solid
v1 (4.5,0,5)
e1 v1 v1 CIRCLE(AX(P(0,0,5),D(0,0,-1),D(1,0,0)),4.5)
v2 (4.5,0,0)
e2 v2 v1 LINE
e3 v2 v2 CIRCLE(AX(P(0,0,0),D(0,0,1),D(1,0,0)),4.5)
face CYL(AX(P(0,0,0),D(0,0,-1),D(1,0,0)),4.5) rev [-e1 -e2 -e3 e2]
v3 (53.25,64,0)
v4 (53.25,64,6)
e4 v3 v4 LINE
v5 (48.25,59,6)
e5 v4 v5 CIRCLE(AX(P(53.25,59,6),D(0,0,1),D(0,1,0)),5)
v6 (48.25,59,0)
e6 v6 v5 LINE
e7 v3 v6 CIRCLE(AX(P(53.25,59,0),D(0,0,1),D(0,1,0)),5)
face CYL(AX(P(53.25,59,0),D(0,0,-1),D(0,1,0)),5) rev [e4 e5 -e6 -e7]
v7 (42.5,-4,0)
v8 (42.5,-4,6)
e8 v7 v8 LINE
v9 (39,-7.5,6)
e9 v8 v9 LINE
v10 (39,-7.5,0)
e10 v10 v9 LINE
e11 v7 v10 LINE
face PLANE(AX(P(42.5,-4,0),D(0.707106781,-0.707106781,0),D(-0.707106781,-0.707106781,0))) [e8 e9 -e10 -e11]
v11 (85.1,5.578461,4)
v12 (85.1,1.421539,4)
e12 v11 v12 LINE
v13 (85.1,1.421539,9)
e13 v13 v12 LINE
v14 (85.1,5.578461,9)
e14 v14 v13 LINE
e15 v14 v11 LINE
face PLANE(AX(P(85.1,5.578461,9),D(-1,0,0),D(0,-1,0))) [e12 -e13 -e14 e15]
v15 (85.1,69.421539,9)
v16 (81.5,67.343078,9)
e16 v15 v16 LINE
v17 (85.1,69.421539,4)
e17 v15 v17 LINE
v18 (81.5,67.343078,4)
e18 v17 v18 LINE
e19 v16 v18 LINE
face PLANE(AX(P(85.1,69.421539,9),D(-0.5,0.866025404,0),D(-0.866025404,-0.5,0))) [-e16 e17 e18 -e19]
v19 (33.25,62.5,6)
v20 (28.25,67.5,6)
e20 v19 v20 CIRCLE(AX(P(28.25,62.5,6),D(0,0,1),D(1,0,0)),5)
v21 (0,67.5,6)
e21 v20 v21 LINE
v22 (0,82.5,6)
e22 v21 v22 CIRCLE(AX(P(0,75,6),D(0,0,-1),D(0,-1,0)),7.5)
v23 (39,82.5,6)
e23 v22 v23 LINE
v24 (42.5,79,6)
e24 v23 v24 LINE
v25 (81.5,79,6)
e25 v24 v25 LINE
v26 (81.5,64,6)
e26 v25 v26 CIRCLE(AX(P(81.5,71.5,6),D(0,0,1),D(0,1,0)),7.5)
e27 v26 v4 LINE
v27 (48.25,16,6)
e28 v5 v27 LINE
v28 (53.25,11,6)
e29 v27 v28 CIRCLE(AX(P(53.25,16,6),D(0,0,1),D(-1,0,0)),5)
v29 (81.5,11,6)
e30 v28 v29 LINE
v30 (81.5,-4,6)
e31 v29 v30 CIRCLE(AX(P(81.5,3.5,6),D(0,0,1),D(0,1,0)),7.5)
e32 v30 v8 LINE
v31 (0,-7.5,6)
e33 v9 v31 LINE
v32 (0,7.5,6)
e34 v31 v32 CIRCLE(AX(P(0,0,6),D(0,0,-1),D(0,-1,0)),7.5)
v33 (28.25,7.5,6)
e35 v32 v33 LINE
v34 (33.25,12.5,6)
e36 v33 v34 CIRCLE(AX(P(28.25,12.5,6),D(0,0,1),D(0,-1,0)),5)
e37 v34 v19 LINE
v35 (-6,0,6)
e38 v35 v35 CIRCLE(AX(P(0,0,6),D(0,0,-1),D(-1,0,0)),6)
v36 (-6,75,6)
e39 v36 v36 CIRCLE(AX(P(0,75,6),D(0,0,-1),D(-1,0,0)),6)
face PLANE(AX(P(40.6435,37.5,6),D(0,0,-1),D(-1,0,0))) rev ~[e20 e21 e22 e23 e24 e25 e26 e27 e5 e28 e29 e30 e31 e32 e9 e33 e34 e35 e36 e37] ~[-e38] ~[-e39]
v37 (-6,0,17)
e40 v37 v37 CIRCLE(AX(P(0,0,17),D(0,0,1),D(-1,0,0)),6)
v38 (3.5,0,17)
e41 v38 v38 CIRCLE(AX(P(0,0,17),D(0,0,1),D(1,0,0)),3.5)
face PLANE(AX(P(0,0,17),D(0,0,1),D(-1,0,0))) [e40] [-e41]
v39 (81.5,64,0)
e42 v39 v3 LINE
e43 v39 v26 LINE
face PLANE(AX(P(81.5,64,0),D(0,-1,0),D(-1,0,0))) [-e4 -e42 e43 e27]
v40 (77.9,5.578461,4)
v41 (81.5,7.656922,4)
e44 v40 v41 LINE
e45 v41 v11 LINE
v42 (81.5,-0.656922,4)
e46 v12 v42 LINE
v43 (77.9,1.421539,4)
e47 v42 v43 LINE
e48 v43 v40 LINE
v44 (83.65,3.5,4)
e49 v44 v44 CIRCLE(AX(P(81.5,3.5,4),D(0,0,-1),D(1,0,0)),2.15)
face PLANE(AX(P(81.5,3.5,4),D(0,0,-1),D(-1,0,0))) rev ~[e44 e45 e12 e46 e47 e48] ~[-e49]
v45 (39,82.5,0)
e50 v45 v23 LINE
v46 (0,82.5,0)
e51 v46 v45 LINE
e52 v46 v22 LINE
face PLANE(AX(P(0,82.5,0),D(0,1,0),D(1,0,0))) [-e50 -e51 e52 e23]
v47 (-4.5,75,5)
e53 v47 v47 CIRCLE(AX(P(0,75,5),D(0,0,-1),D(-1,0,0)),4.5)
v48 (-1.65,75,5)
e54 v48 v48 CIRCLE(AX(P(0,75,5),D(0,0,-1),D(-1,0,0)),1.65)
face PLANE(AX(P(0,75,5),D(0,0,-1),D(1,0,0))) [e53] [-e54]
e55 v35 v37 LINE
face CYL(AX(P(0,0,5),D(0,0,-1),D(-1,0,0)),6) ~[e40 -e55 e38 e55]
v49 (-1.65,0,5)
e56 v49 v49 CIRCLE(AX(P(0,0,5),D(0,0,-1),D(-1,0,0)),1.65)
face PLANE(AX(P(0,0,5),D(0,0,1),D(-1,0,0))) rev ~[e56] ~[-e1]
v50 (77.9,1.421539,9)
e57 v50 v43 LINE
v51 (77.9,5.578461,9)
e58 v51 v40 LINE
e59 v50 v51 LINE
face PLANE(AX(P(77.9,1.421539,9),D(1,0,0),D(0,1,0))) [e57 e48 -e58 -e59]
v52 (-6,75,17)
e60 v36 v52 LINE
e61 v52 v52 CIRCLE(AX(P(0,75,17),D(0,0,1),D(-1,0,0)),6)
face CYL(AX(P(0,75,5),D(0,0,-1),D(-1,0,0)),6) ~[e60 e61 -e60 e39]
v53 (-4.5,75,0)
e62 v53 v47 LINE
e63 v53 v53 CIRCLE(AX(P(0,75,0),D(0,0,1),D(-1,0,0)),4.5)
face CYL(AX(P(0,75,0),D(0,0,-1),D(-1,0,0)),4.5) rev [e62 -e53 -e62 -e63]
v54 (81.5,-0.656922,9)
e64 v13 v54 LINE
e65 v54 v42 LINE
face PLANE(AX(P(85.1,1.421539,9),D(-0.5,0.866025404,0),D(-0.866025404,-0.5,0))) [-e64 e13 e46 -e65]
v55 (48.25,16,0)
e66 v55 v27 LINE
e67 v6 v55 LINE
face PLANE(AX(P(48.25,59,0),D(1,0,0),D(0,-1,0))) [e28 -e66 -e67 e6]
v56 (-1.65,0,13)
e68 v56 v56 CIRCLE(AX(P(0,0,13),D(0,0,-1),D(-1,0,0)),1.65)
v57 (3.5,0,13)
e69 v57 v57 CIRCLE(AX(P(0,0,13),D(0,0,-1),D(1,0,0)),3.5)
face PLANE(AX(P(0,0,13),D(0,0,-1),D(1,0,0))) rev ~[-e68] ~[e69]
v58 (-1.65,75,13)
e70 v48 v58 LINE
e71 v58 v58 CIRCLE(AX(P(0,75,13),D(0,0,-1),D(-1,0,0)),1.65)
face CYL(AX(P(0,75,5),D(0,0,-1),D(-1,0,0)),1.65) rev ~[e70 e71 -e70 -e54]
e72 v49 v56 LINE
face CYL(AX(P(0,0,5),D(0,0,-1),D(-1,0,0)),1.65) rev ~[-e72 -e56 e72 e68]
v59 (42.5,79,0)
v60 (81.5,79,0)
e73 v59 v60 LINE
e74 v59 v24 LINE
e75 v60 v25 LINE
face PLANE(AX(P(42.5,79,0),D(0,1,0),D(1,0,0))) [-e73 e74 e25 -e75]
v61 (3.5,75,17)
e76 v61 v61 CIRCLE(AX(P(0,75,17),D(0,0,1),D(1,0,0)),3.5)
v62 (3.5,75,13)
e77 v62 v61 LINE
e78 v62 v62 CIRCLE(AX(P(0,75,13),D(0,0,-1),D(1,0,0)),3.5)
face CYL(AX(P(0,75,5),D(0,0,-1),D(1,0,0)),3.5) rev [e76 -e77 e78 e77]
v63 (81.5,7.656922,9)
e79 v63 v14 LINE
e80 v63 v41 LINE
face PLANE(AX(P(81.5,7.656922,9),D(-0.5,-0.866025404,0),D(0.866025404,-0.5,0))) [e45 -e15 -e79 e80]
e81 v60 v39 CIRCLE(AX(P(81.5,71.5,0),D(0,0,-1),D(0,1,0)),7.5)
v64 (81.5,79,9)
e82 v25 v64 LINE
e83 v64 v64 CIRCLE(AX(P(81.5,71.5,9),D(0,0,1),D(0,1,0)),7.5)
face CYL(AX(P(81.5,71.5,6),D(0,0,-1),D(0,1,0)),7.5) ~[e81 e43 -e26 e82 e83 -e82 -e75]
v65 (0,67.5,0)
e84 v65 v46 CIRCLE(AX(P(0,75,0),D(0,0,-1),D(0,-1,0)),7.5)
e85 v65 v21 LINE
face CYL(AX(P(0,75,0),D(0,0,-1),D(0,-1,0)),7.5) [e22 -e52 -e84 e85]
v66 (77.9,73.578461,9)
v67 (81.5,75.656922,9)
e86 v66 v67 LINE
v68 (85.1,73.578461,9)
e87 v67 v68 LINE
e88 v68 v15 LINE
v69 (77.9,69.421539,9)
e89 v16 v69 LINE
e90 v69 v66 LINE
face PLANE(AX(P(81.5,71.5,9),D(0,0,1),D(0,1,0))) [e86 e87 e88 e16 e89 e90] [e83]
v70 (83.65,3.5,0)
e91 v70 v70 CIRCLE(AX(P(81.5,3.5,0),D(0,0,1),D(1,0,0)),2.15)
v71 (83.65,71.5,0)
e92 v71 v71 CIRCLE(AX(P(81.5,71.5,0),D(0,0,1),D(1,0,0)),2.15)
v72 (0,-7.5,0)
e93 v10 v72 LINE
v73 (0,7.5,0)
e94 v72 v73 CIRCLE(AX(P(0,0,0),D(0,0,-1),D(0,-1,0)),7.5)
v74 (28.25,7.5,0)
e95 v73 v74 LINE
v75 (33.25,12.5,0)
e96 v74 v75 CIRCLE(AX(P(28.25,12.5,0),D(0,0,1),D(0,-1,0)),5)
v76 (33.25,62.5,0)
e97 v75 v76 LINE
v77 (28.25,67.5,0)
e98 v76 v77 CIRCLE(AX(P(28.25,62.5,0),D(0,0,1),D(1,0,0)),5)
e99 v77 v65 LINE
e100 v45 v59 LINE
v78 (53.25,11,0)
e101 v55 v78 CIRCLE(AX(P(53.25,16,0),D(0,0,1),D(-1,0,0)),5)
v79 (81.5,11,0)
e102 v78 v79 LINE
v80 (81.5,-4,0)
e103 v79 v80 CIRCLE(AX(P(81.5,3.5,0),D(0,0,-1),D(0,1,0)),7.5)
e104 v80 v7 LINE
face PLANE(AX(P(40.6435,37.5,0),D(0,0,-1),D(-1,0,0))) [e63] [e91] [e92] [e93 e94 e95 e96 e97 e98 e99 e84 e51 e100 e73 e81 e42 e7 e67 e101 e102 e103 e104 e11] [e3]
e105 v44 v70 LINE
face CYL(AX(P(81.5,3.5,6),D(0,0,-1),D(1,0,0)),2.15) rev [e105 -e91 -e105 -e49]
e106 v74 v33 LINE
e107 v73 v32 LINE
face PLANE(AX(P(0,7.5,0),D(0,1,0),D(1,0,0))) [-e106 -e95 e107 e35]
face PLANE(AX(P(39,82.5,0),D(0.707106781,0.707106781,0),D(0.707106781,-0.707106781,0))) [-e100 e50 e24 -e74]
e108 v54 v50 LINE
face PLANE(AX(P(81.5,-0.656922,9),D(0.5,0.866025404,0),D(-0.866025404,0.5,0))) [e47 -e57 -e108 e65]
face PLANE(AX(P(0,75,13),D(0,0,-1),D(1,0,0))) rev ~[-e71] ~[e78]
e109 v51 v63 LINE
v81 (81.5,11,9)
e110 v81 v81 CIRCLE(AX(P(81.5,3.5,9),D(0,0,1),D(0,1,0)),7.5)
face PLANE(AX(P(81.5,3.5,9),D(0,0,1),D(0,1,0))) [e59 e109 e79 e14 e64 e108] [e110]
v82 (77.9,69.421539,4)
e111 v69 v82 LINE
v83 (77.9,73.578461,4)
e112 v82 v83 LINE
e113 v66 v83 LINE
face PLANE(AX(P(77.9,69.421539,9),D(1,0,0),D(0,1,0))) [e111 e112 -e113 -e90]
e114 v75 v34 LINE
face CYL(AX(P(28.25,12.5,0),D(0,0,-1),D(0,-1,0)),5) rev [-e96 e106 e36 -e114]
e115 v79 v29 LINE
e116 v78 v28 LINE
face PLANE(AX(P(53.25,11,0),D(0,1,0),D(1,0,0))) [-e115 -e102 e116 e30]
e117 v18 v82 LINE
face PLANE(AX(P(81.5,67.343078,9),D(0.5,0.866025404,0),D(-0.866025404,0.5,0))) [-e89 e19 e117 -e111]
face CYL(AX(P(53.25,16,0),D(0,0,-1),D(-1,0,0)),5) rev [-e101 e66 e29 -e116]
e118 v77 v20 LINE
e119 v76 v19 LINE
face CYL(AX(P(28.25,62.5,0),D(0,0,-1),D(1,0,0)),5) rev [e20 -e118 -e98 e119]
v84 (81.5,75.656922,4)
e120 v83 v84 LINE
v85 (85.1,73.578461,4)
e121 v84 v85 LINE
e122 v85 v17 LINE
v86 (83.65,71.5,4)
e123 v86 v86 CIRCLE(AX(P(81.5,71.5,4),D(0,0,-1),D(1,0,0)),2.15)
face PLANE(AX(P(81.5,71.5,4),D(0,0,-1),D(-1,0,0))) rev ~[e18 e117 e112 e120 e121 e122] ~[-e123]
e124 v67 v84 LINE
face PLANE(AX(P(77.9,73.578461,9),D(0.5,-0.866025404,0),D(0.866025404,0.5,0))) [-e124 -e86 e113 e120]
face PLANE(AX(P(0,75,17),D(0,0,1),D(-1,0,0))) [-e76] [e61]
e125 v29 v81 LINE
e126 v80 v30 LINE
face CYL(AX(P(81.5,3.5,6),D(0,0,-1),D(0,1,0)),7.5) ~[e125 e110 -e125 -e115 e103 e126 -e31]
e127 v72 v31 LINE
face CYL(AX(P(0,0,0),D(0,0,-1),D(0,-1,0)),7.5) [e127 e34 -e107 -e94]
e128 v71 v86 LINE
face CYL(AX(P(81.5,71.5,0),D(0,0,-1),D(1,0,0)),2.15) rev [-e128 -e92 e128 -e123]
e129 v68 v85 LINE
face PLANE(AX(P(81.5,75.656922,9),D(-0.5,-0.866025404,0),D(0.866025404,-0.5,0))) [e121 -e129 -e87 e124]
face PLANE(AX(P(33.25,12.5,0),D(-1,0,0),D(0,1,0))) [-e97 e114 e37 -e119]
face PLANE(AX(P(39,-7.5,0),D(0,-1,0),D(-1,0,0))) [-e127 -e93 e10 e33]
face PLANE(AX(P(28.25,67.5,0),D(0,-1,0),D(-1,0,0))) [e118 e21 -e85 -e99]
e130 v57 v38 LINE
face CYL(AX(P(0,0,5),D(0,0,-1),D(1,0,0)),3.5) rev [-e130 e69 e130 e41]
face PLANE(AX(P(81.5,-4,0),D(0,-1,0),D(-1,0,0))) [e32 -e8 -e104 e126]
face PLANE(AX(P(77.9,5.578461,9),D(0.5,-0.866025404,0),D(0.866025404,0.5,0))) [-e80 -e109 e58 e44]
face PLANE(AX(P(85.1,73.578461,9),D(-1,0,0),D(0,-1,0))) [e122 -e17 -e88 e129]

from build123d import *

# Parameters (mm, degrees)
SKETCH1_R           = 4.5
SKETCH1_R_2         = 2.15
BOSS_EXTRUDE1_DEPTH = 6
BOSS_EXTRUDE2_START = -1
SKETCH2_R           = 6
SKETCH2_R_2         = 3.5
BOSS_EXTRUDE2_DEPTH = 12
BOSS_EXTRUDE3_START = -5
SKETCH3_R           = 3.5
SKETCH3_R_2         = 1.65
BOSS_EXTRUDE3_DEPTH = 8
SKETCH4_R           = 7.5
SKETCH4_R_2         = 2.15
BOSS_EXTRUDE4_DEPTH = 3
CUT_EXTRUDE1_DEPTH  = 5


with BuildPart() as part:
    # Sketch1 → Boss-Extrude1 (new body)
    with BuildSketch(Plane.XY):
        with BuildLine():
            Line((0, 82.5), (39, 82.5))
            Line((39, 82.5), (42.5, 79))
            Line((42.5, 79), (81.5, 79))
            ThreePointArc((81.5, 79), (89, 71.5), (81.5, 64))
            Line((81.5, 64), (53.25, 64))
            ThreePointArc((53.25, 64), (49.714466094, 62.535533906), (48.25, 59))
            Line((48.25, 59), (48.25, 16))
            ThreePointArc((48.25, 16), (49.714466094, 12.464466094), (53.25, 11))
            Line((53.25, 11), (81.5, 11))
            ThreePointArc((81.5, 11), (89, 3.5), (81.5, -4))
            Line((81.5, -4), (42.5, -4))
            Line((42.5, -4), (39, -7.5))
            Line((39, -7.5), (0, -7.5))
            ThreePointArc((0, -7.5), (-7.5, 0), (0, 7.5))
            Line((0, 7.5), (28.25, 7.5))
            ThreePointArc((28.25, 7.5), (31.785533906, 8.964466094), (33.25, 12.5))
            Line((33.25, 12.5), (33.25, 62.5))
            ThreePointArc((33.25, 62.5), (31.785533906, 66.035533906), (28.25, 67.5))
            Line((28.25, 67.5), (0, 67.5))
            ThreePointArc((0, 67.5), (-7.5, 75), (0, 82.5))
        make_face()
        Circle(SKETCH1_R, mode=Mode.SUBTRACT)
        with Locations(Location((0, 75, 0), (0, 0, 180))):
            Circle(SKETCH1_R, mode=Mode.SUBTRACT)
        with Locations((81.5, 71.5)):
            Circle(SKETCH1_R_2, mode=Mode.SUBTRACT)
        with Locations((81.5, 3.5)):
            Circle(SKETCH1_R_2, mode=Mode.SUBTRACT)
    extrude(amount=BOSS_EXTRUDE1_DEPTH)

    # Sketch2 → Boss-Extrude2 (add)
    # profile 1 of 2: a face of its own
    with BuildSketch(Plane.XY.offset(6).offset(BOSS_EXTRUDE2_START)):
        with Locations(Location((0, 75, 0), (0, 0, 180))):
            Circle(SKETCH2_R)
        with Locations((0, 75)):
            Circle(SKETCH2_R_2, mode=Mode.SUBTRACT)
    # profile 2 of 2: a face of its own
    with BuildSketch(Plane.XY.offset(6).offset(BOSS_EXTRUDE2_START)):
        with Locations(Location((0, 0, 0), (0, 0, 180))):
            Circle(SKETCH2_R)
        Circle(SKETCH2_R_2, mode=Mode.SUBTRACT)
    extrude(amount=BOSS_EXTRUDE2_DEPTH)

    # Sketch3 → Boss-Extrude3 (add)
    # profile 1 of 2: a face of its own
    with BuildSketch(Plane(origin=(0, 0, 0), x_dir=(-1, 0, 0), z_dir=(0, 0, -1)).offset(BOSS_EXTRUDE3_START)):
        with Locations(Location((0, 75, 0), (0, 0, 180))):
            Circle(SKETCH3_R)
        with Locations((0, 75)):
            Circle(SKETCH3_R_2, mode=Mode.SUBTRACT)
    # profile 2 of 2: a face of its own
    with BuildSketch(Plane(origin=(0, 0, 0), x_dir=(-1, 0, 0), z_dir=(0, 0, -1)).offset(BOSS_EXTRUDE3_START)):
        with Locations(Location((0, 0, 0), (0, 0, 180))):
            Circle(SKETCH3_R)
        Circle(SKETCH3_R_2, mode=Mode.SUBTRACT)
    extrude(amount=-BOSS_EXTRUDE3_DEPTH)

    # Sketch4 → Boss-Extrude4 (add)
    # profile 1 of 2: a face of its own
    with BuildSketch(Plane.XY.offset(6)):
        with Locations(Location((81.5, 3.5, 0), (0, 0, 90))):
            Circle(SKETCH4_R)
        with Locations((81.5, 3.5)):
            Circle(SKETCH4_R_2, mode=Mode.SUBTRACT)
    # profile 2 of 2: a face of its own
    with BuildSketch(Plane.XY.offset(6)):
        with Locations(Location((81.5, 71.5, 0), (0, 0, 90))):
            Circle(SKETCH4_R)
        with Locations((81.5, 71.5)):
            Circle(SKETCH4_R_2, mode=Mode.SUBTRACT)
    extrude(amount=BOSS_EXTRUDE4_DEPTH)

    # Sketch5 → Cut-Extrude1 (cut)
    with BuildSketch(Plane.XY.offset(9)):
        Polygon((77.9, 5.578460969), (81.5, 7.656921938), (85.1, 5.578460969), (85.1, 1.421539031), (81.5, -0.656921938), (77.9, 1.421539031), align=None)
        Polygon((77.9, 73.578460969), (81.5, 75.656921938), (85.1, 73.578460969), (85.1, 69.421539031), (81.5, 67.343078062), (77.9, 69.421539031), align=None)
    extrude(amount=-CUT_EXTRUDE1_DEPTH, mode=Mode.SUBTRACT)


solid = part.part
